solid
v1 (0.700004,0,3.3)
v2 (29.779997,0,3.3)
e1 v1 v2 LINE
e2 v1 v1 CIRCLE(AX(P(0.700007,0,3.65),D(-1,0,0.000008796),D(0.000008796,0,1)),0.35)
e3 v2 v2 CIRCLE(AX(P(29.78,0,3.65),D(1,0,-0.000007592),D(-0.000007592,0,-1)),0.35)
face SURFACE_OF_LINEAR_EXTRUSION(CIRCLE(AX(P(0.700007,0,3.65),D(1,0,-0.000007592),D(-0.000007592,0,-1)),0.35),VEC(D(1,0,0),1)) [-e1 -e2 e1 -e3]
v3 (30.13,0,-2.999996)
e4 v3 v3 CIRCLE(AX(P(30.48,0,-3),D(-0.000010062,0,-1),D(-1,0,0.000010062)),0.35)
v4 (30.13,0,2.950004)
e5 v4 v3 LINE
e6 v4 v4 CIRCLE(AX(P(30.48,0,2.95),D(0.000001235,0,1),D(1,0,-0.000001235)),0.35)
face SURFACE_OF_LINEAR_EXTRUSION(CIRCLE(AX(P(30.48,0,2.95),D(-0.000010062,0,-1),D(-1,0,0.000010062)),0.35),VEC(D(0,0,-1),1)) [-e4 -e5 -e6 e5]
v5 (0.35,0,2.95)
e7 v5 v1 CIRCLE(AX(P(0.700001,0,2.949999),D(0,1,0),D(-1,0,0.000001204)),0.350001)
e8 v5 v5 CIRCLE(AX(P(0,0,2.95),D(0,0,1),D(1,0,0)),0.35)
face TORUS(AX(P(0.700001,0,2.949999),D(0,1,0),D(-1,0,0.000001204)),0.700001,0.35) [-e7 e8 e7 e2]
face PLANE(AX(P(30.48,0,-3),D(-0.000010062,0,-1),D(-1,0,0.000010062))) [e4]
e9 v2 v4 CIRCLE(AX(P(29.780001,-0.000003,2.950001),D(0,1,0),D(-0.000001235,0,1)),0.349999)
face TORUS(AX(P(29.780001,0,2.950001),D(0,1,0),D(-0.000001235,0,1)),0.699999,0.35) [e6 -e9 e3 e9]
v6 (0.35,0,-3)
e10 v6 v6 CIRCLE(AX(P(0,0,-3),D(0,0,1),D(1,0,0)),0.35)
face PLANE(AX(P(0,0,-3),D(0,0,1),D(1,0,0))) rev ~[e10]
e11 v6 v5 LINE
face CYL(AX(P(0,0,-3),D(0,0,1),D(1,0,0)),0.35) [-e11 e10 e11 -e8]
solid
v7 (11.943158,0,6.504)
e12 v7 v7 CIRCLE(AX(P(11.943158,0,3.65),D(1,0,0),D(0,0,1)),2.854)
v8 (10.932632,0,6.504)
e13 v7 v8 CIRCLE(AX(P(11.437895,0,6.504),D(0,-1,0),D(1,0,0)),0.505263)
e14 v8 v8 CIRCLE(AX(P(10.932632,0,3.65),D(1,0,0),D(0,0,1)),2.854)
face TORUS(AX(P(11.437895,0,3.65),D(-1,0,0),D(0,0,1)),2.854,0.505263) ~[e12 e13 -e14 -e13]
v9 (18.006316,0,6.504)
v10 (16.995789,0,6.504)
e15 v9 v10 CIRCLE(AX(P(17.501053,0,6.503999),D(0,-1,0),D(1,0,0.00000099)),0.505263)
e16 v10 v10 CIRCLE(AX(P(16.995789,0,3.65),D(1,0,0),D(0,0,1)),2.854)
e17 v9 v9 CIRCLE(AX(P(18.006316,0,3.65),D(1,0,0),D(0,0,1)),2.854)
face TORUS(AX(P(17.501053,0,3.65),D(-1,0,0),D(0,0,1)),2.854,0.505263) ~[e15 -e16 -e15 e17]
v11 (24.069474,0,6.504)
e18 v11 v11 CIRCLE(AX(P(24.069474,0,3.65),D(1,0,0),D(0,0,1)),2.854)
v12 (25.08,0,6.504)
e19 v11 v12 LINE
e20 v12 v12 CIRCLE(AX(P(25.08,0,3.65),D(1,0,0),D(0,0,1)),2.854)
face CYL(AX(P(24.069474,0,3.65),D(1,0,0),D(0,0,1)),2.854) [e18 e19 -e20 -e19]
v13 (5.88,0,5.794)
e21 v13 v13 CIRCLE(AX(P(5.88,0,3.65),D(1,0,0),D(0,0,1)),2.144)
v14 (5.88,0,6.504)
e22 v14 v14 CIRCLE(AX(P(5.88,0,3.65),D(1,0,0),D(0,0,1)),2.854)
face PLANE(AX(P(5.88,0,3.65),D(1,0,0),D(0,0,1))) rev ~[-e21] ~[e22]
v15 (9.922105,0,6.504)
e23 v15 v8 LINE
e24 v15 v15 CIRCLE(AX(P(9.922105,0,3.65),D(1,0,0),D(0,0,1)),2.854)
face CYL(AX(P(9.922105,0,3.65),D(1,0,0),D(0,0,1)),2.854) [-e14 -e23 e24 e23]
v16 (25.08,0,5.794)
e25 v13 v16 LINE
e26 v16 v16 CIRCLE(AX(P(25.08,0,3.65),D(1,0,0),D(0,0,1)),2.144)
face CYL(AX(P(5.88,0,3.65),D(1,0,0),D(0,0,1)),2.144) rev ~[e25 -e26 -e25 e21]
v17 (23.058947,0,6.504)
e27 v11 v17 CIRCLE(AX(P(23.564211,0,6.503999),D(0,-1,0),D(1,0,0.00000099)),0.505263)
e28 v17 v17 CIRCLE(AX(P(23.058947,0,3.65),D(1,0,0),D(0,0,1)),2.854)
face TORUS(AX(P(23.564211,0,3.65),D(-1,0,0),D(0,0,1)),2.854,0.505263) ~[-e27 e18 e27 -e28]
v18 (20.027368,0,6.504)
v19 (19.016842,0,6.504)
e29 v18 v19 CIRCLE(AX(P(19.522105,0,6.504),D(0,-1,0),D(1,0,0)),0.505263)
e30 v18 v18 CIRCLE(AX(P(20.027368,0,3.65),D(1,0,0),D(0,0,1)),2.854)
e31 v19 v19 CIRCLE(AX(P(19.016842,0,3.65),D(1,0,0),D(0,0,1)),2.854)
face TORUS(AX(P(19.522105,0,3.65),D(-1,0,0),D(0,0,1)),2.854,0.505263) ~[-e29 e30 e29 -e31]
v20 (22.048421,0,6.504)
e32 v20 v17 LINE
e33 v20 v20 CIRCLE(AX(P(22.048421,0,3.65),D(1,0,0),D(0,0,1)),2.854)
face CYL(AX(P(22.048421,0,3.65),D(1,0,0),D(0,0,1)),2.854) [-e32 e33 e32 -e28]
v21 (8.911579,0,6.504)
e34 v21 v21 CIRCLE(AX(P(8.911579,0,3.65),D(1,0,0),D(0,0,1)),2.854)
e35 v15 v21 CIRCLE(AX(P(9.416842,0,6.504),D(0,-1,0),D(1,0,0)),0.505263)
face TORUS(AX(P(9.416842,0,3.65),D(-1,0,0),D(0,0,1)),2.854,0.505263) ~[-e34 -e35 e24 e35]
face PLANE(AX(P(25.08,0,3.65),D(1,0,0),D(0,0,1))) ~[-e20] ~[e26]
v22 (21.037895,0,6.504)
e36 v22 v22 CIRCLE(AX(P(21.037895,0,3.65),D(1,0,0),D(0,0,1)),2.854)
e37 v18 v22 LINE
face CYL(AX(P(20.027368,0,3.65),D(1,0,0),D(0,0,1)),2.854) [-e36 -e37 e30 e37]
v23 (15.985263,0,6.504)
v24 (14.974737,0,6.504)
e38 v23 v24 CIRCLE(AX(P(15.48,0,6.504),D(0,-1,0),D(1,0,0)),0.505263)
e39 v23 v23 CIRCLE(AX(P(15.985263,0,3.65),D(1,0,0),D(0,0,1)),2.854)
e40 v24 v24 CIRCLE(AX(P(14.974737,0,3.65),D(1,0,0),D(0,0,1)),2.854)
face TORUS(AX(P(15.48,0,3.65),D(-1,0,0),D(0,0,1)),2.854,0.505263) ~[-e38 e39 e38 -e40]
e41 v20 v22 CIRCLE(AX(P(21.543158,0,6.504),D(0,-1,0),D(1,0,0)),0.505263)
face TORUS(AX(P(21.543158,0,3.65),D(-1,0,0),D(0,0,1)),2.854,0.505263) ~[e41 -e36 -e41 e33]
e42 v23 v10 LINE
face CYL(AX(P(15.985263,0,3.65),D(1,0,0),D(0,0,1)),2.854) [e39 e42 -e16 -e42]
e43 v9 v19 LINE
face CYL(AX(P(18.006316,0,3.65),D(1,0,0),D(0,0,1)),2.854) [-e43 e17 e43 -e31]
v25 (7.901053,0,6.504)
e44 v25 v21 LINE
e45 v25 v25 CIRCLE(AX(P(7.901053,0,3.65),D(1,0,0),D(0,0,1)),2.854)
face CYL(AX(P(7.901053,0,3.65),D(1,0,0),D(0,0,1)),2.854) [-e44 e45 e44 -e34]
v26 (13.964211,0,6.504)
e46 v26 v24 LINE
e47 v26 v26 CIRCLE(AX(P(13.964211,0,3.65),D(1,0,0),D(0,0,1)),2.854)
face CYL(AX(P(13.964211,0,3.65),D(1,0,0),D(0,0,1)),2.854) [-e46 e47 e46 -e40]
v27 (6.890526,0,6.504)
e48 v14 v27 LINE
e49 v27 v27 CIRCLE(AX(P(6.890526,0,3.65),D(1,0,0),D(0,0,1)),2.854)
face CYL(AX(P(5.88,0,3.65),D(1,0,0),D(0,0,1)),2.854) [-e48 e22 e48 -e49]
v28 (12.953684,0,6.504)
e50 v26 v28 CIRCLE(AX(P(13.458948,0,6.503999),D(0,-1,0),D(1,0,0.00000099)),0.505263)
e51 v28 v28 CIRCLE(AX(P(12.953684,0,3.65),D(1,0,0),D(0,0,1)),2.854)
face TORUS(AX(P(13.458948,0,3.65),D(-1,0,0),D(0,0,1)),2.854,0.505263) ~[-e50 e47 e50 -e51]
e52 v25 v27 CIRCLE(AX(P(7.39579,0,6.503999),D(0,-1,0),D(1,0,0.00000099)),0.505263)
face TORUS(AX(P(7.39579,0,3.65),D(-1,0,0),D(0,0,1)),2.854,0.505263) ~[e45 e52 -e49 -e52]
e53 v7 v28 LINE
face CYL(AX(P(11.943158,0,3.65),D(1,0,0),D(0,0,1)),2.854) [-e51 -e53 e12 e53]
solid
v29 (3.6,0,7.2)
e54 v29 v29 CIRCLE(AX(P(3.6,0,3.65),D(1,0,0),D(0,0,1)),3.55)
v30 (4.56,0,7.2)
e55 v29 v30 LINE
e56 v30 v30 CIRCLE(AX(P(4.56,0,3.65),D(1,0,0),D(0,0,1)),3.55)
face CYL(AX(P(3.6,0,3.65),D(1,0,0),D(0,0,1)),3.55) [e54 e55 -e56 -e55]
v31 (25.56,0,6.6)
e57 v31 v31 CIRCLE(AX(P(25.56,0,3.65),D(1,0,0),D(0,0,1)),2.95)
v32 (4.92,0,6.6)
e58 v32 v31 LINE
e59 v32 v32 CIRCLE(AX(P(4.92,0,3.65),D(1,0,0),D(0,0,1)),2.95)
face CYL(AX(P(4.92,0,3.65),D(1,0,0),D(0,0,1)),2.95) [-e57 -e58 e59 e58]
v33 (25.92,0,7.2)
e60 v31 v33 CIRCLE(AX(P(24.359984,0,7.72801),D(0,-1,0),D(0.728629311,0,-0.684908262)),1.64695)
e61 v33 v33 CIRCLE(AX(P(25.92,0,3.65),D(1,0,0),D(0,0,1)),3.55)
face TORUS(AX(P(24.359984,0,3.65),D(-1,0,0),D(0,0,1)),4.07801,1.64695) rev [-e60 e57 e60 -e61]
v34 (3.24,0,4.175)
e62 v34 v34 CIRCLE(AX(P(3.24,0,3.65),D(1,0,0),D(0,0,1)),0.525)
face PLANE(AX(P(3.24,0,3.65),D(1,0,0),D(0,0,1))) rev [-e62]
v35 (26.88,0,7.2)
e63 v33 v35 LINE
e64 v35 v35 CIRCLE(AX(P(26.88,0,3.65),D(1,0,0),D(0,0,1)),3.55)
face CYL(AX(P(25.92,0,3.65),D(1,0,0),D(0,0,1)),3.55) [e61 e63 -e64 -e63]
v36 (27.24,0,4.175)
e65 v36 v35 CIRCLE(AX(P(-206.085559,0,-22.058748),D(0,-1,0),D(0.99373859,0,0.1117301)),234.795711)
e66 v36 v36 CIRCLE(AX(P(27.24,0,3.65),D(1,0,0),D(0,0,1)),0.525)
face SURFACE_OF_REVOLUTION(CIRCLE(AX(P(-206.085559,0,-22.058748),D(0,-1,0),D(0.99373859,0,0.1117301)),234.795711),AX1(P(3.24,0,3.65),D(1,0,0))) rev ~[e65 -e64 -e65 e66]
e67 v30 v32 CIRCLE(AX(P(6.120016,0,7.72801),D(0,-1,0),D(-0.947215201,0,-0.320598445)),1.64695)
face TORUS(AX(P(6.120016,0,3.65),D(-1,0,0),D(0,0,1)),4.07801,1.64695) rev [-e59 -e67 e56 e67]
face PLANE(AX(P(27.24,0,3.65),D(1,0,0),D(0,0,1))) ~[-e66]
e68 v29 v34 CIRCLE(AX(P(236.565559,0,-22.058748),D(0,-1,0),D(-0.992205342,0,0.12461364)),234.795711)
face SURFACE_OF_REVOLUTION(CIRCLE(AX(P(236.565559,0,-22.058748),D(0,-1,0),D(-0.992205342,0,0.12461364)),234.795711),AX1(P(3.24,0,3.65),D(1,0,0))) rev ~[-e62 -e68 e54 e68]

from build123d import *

# Parameters (mm, degrees)
SKETCH_R = 0.35


with BuildPart() as revolution:
    # Sketch002 → Revolution (revolve)
    with BuildSketch(Plane.XZ):
        with BuildLine():
            Line((3.6, 7.2), (4.56, 7.2))
            ThreePointArc((4.56, 7.2), (4.707768, 6.880661), (4.92, 6.6))
            Line((4.92, 6.6), (25.56, 6.6))
            ThreePointArc((25.56, 6.6), (25.772232, 6.880661), (25.92, 7.2))
            Line((25.92, 7.2), (26.88, 7.2))
            ThreePointArc((27.24, 4.175), (27.064906, 5.688084), (26.88, 7.2))
            Line((27.24, 3.65), (27.24, 4.175))
            Line((3.24, 3.65), (27.24, 3.65))
            Line((3.24, 3.65), (3.24, 4.175))
            ThreePointArc((3.6, 7.2), (3.415094, 5.688084), (3.24, 4.175))
        make_face()
    revolve(axis=Axis((3.24, 0, 3.65), (1, 0, 0)))


with BuildPart() as sweep_body:
    # Sweep: sweep along a path in Sketch001
    with BuildLine(Plane.XZ) as sweep_path:
        Line((0, -3), (0, 2.95))
        ThreePointArc((0, 2.95), (0.205028, 3.444977), (0.700007, 3.65))
        Line((0.700007, 3.65), (29.78, 3.65))
        ThreePointArc((29.78, 3.65), (30.274975, 3.444975), (30.48, 2.95))
        Line((30.48, 2.95), (30.48, -3))
    # Sketch → Sweep (sweep)
    with BuildSketch(Plane.XY.offset(-2)):
        Circle(SKETCH_R)
    sweep(path=sweep_path.line)


with BuildPart() as revolution001:
    # Sketch003 → Revolution001 (revolve)
    with BuildSketch(Plane.XZ):
        with BuildLine():
            ThreePointArc((7.901053, 6.504), (7.395789, 7.009263), (6.890526, 6.504))
            Line((5.88, 6.504), (6.890526, 6.504))
            Line((5.88, 6.504), (5.88, 5.794))
            Line((5.88, 5.794), (25.08, 5.794))
            Line((25.08, 5.794), (25.08, 6.504))
            Line((24.069474, 6.504), (25.08, 6.504))
            ThreePointArc((24.069474, 6.504), (23.564211, 7.009263), (23.058947, 6.504))
            Line((22.048421, 6.504), (23.058947, 6.504))
            ThreePointArc((22.048421, 6.504), (21.543158, 7.009263), (21.037895, 6.504))
            Line((20.027368, 6.504), (21.037895, 6.504))
            ThreePointArc((20.027368, 6.504), (19.522105, 7.009263), (19.016842, 6.504))
            Line((18.006316, 6.504), (19.016842, 6.504))
            ThreePointArc((18.006316, 6.504), (17.501053, 7.009263), (16.995789, 6.504))
            Line((15.985263, 6.504), (16.995789, 6.504))
            ThreePointArc((15.985263, 6.504), (15.48, 7.009263), (14.974737, 6.504))
            Line((13.964211, 6.504), (14.974737, 6.504))
            ThreePointArc((13.964211, 6.504), (13.458947, 7.009263), (12.953684, 6.504))
            Line((11.943158, 6.504), (12.953684, 6.504))
            ThreePointArc((11.943158, 6.504), (11.437895, 7.009263), (10.932632, 6.504))
            Line((9.922105, 6.504), (10.932632, 6.504))
            ThreePointArc((9.922105, 6.504), (9.416842, 7.009263), (8.911579, 6.504))
            Line((7.901053, 6.504), (8.911579, 6.504))
        make_face()
    revolve(axis=Axis((3.84, 0, 3.65), (1, 0, 0)))


solid = Compound([revolution.part, sweep_body.part, revolution001.part])
